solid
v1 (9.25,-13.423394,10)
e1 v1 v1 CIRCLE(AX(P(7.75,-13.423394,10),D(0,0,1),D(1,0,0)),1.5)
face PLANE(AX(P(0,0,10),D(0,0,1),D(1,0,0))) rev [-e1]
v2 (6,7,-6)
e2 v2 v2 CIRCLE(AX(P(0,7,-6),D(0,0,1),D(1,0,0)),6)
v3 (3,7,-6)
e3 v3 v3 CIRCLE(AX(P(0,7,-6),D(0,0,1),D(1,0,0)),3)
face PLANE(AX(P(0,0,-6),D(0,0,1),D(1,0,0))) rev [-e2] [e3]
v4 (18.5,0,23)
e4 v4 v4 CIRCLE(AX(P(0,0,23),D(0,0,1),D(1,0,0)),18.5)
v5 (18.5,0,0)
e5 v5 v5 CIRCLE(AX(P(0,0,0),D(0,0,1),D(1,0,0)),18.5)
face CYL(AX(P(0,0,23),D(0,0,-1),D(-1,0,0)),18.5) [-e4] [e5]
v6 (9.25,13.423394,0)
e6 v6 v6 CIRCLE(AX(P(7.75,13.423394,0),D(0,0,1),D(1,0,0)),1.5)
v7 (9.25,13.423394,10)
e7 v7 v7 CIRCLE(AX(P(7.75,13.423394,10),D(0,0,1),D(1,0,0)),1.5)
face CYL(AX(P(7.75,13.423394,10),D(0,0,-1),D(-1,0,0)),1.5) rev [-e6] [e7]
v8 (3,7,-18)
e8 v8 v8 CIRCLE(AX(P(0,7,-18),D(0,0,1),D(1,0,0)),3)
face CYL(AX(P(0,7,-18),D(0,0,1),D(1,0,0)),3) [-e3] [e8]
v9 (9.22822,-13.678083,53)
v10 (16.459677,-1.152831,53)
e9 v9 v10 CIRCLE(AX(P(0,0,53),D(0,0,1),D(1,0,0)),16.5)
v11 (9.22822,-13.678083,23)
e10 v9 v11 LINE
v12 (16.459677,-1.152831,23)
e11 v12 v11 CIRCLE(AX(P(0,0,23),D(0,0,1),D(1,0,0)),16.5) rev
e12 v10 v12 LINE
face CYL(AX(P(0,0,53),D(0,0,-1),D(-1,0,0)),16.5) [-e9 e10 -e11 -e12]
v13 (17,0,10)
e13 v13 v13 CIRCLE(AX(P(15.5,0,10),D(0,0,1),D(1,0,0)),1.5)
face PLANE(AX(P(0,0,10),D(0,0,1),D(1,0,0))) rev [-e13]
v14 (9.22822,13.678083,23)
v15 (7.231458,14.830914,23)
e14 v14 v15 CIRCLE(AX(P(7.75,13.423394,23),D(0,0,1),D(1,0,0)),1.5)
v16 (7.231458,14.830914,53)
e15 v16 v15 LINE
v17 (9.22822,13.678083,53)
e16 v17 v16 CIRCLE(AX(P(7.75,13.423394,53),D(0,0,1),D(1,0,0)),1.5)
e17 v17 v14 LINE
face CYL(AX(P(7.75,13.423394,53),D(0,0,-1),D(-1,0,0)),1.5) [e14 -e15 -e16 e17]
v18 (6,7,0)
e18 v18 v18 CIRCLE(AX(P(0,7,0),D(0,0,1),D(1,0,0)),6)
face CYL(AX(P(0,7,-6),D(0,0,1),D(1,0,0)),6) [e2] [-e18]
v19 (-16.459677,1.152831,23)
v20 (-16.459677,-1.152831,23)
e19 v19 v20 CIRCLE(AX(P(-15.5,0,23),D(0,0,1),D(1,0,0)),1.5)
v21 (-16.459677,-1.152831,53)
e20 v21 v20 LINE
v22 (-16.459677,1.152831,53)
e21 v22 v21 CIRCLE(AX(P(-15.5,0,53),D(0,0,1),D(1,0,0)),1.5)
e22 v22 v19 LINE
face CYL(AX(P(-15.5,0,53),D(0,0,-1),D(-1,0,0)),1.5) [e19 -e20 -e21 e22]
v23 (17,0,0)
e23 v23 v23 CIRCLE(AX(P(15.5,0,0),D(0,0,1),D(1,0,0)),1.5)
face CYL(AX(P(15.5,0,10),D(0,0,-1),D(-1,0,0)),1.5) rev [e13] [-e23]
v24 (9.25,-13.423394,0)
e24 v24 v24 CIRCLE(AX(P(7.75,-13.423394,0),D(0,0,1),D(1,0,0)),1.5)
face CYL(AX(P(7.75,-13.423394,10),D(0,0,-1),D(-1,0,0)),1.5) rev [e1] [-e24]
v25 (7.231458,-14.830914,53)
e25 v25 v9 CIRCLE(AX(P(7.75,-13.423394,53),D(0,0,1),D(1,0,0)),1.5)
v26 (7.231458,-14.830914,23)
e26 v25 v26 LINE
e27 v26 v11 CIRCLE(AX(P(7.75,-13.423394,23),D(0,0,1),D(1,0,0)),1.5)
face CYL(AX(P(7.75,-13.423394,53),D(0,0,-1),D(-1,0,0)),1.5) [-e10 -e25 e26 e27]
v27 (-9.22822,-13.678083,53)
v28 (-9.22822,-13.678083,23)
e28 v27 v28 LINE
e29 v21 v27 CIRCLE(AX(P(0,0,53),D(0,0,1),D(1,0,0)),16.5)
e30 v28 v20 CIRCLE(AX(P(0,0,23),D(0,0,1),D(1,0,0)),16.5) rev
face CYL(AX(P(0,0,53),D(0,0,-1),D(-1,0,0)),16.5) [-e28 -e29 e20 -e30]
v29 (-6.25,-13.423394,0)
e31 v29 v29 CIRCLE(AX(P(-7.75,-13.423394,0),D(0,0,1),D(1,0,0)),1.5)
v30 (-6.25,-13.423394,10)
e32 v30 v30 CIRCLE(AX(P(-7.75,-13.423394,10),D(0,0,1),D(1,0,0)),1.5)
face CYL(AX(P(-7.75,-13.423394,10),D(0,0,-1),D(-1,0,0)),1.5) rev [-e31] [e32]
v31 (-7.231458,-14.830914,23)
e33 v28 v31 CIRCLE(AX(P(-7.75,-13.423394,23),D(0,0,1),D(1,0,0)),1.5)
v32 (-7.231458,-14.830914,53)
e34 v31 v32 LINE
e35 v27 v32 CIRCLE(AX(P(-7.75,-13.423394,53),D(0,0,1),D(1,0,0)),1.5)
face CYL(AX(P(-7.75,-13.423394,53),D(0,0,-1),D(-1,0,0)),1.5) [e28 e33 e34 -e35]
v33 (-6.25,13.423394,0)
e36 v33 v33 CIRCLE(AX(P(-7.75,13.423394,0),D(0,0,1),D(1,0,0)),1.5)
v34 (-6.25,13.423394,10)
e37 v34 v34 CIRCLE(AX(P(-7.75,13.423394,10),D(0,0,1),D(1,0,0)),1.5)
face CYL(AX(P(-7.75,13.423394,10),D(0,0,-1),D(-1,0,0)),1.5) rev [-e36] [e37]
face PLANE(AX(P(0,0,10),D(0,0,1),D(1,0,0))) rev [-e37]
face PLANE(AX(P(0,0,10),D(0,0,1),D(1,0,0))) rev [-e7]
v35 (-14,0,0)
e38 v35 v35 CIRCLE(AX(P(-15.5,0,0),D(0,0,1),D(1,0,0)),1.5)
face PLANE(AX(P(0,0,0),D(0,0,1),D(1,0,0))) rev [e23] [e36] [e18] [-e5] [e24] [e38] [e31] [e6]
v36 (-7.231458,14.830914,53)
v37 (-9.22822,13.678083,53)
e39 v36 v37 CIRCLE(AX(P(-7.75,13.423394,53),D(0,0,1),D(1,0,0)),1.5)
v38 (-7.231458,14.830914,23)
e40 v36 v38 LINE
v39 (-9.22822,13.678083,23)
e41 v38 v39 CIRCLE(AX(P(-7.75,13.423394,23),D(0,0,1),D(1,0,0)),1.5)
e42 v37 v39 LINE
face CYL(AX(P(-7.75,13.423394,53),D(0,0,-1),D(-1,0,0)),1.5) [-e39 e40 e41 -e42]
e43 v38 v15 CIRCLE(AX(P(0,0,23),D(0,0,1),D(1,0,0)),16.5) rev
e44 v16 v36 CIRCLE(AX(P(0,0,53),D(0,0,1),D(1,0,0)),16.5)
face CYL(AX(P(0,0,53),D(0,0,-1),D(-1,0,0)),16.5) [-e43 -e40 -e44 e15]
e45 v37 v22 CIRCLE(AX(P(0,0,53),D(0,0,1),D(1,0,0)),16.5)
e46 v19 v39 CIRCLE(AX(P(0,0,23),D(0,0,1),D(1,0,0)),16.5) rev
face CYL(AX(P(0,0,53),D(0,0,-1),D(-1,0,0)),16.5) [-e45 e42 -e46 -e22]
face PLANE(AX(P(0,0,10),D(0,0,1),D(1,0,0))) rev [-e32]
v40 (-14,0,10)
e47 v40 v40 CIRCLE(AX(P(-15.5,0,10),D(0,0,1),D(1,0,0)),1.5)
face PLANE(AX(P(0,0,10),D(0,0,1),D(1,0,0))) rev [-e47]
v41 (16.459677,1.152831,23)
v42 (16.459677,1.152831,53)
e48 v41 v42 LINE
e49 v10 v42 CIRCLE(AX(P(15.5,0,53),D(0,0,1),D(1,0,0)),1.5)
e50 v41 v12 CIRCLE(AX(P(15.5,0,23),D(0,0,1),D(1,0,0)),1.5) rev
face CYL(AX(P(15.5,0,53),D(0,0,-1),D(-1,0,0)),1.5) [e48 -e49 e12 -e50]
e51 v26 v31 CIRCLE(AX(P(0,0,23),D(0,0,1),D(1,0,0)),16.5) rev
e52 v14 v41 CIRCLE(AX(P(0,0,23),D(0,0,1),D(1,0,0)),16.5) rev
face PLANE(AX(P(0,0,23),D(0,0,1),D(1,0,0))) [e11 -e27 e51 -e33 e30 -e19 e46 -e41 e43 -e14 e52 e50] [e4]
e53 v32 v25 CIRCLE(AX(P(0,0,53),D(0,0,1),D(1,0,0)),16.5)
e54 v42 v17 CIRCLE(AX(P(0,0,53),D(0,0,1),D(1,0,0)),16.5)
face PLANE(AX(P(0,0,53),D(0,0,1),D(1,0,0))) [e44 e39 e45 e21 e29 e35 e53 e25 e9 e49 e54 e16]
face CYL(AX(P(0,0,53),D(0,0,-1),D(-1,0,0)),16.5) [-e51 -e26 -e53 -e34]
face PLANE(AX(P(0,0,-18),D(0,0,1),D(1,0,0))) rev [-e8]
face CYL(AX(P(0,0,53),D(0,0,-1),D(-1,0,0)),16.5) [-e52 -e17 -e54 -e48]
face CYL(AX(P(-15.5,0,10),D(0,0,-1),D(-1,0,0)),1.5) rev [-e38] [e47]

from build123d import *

# Parameters (mm, degrees)
SKETCH_1_R          = 18.5
SKETCH_1_R_2        = 1.5
EXTRUDE_1_DEPTH     = 23
SKETCH_1_3_R        = 6
SKETCH_1_3_R_2      = 3
EXTRUDE_2_DEPTH     = 6
SKETCH_1_4_R        = 3
EXTRUDE_3_DEPTH     = 18
EXTRUDE_5_DEPTH     = 53
SKETCH_1_6_R        = 1.5
CUT_EXTRUDE_3_DEPTH = 10


with BuildPart() as part:
    # 草图1 → 凸台-拉伸1 (new body)
    with BuildSketch(Plane.XY):
        Circle(SKETCH_1_R)
        with Locations((7.75, 13.423393759)):
            Circle(SKETCH_1_R_2, mode=Mode.SUBTRACT)
        with Locations((-7.75, 13.423393759)):
            Circle(SKETCH_1_R_2, mode=Mode.SUBTRACT)
        with Locations((-15.5, 0)):
            Circle(SKETCH_1_R_2, mode=Mode.SUBTRACT)
        with Locations((-7.75, -13.423393759)):
            Circle(SKETCH_1_R_2, mode=Mode.SUBTRACT)
        with Locations((7.75, -13.423393759)):
            Circle(SKETCH_1_R_2, mode=Mode.SUBTRACT)
        with Locations((15.5, 0)):
            Circle(SKETCH_1_R_2, mode=Mode.SUBTRACT)
    extrude(amount=EXTRUDE_1_DEPTH)

    # 草图1<3> → 凸台-拉伸2 (add)
    with BuildSketch(Plane.XY):
        with Locations((0, 7)):
            Circle(SKETCH_1_3_R)
        with Locations((0, 7)):
            Circle(SKETCH_1_3_R_2, mode=Mode.SUBTRACT)
    extrude(amount=-EXTRUDE_2_DEPTH)

    # 草图1<4> → 凸台-拉伸3 (add)
    with BuildSketch(Plane.XY):
        with Locations((0, 7)):
            Circle(SKETCH_1_4_R)
    extrude(amount=-EXTRUDE_3_DEPTH)

    # 草图1<5> → 凸台-拉伸5 (add)
    with BuildSketch(Plane.XY):
        with BuildLine():
            ThreePointArc((16.459677419, -1.152830972), (17, 0), (16.459677419, 1.152830972))
            ThreePointArc((16.459677419, 1.152830972), (14.289419162, 8.25), (9.228219618, 13.678083297))
            ThreePointArc((9.228219618, 13.678083297), (8.5, 14.722431864), (7.231457801, 14.830914269))
            ThreePointArc((7.231457801, 14.830914269), (0, 16.5), (-7.231457801, 14.830914269))
            ThreePointArc((-7.231457801, 14.830914269), (-8.5, 14.722431864), (-9.228219618, 13.678083297))
            ThreePointArc((-9.228219618, 13.678083297), (-14.289419162, 8.25), (-16.459677419, 1.152830972))
            ThreePointArc((-16.459677419, 1.152830972), (-17, 0), (-16.459677419, -1.152830972))
            ThreePointArc((-16.459677419, -1.152830972), (-14.289419162, -8.25), (-9.228219618, -13.678083297))
            ThreePointArc((-9.228219618, -13.678083297), (-8.5, -14.722431864), (-7.231457801, -14.830914269))
            ThreePointArc((-7.231457801, -14.830914269), (0, -16.5), (7.231457801, -14.830914269))
            ThreePointArc((7.231457801, -14.830914269), (8.5, -14.722431864), (9.228219618, -13.678083297))
            ThreePointArc((9.228219618, -13.678083297), (14.289419162, -8.25), (16.459677419, -1.152830972))
        make_face()
    extrude(amount=EXTRUDE_5_DEPTH)

    # 草图1<6> → 切除-拉伸3 (cut)
    with BuildSketch(Plane.XY):
        with Locations((15.5, 0)):
            Circle(SKETCH_1_6_R)
        with Locations((7.75, 13.423393759)):
            Circle(SKETCH_1_6_R)
        with Locations((7.75, -13.423393759)):
            Circle(SKETCH_1_6_R)
        with Locations((-7.75, 13.423393759)):
            Circle(SKETCH_1_6_R)
        with Locations((-7.75, -13.423393759)):
            Circle(SKETCH_1_6_R)
        with Locations((-15.5, 0)):
            Circle(SKETCH_1_6_R)
    extrude(amount=CUT_EXTRUDE_3_DEPTH, mode=Mode.SUBTRACT)


solid = part.part
